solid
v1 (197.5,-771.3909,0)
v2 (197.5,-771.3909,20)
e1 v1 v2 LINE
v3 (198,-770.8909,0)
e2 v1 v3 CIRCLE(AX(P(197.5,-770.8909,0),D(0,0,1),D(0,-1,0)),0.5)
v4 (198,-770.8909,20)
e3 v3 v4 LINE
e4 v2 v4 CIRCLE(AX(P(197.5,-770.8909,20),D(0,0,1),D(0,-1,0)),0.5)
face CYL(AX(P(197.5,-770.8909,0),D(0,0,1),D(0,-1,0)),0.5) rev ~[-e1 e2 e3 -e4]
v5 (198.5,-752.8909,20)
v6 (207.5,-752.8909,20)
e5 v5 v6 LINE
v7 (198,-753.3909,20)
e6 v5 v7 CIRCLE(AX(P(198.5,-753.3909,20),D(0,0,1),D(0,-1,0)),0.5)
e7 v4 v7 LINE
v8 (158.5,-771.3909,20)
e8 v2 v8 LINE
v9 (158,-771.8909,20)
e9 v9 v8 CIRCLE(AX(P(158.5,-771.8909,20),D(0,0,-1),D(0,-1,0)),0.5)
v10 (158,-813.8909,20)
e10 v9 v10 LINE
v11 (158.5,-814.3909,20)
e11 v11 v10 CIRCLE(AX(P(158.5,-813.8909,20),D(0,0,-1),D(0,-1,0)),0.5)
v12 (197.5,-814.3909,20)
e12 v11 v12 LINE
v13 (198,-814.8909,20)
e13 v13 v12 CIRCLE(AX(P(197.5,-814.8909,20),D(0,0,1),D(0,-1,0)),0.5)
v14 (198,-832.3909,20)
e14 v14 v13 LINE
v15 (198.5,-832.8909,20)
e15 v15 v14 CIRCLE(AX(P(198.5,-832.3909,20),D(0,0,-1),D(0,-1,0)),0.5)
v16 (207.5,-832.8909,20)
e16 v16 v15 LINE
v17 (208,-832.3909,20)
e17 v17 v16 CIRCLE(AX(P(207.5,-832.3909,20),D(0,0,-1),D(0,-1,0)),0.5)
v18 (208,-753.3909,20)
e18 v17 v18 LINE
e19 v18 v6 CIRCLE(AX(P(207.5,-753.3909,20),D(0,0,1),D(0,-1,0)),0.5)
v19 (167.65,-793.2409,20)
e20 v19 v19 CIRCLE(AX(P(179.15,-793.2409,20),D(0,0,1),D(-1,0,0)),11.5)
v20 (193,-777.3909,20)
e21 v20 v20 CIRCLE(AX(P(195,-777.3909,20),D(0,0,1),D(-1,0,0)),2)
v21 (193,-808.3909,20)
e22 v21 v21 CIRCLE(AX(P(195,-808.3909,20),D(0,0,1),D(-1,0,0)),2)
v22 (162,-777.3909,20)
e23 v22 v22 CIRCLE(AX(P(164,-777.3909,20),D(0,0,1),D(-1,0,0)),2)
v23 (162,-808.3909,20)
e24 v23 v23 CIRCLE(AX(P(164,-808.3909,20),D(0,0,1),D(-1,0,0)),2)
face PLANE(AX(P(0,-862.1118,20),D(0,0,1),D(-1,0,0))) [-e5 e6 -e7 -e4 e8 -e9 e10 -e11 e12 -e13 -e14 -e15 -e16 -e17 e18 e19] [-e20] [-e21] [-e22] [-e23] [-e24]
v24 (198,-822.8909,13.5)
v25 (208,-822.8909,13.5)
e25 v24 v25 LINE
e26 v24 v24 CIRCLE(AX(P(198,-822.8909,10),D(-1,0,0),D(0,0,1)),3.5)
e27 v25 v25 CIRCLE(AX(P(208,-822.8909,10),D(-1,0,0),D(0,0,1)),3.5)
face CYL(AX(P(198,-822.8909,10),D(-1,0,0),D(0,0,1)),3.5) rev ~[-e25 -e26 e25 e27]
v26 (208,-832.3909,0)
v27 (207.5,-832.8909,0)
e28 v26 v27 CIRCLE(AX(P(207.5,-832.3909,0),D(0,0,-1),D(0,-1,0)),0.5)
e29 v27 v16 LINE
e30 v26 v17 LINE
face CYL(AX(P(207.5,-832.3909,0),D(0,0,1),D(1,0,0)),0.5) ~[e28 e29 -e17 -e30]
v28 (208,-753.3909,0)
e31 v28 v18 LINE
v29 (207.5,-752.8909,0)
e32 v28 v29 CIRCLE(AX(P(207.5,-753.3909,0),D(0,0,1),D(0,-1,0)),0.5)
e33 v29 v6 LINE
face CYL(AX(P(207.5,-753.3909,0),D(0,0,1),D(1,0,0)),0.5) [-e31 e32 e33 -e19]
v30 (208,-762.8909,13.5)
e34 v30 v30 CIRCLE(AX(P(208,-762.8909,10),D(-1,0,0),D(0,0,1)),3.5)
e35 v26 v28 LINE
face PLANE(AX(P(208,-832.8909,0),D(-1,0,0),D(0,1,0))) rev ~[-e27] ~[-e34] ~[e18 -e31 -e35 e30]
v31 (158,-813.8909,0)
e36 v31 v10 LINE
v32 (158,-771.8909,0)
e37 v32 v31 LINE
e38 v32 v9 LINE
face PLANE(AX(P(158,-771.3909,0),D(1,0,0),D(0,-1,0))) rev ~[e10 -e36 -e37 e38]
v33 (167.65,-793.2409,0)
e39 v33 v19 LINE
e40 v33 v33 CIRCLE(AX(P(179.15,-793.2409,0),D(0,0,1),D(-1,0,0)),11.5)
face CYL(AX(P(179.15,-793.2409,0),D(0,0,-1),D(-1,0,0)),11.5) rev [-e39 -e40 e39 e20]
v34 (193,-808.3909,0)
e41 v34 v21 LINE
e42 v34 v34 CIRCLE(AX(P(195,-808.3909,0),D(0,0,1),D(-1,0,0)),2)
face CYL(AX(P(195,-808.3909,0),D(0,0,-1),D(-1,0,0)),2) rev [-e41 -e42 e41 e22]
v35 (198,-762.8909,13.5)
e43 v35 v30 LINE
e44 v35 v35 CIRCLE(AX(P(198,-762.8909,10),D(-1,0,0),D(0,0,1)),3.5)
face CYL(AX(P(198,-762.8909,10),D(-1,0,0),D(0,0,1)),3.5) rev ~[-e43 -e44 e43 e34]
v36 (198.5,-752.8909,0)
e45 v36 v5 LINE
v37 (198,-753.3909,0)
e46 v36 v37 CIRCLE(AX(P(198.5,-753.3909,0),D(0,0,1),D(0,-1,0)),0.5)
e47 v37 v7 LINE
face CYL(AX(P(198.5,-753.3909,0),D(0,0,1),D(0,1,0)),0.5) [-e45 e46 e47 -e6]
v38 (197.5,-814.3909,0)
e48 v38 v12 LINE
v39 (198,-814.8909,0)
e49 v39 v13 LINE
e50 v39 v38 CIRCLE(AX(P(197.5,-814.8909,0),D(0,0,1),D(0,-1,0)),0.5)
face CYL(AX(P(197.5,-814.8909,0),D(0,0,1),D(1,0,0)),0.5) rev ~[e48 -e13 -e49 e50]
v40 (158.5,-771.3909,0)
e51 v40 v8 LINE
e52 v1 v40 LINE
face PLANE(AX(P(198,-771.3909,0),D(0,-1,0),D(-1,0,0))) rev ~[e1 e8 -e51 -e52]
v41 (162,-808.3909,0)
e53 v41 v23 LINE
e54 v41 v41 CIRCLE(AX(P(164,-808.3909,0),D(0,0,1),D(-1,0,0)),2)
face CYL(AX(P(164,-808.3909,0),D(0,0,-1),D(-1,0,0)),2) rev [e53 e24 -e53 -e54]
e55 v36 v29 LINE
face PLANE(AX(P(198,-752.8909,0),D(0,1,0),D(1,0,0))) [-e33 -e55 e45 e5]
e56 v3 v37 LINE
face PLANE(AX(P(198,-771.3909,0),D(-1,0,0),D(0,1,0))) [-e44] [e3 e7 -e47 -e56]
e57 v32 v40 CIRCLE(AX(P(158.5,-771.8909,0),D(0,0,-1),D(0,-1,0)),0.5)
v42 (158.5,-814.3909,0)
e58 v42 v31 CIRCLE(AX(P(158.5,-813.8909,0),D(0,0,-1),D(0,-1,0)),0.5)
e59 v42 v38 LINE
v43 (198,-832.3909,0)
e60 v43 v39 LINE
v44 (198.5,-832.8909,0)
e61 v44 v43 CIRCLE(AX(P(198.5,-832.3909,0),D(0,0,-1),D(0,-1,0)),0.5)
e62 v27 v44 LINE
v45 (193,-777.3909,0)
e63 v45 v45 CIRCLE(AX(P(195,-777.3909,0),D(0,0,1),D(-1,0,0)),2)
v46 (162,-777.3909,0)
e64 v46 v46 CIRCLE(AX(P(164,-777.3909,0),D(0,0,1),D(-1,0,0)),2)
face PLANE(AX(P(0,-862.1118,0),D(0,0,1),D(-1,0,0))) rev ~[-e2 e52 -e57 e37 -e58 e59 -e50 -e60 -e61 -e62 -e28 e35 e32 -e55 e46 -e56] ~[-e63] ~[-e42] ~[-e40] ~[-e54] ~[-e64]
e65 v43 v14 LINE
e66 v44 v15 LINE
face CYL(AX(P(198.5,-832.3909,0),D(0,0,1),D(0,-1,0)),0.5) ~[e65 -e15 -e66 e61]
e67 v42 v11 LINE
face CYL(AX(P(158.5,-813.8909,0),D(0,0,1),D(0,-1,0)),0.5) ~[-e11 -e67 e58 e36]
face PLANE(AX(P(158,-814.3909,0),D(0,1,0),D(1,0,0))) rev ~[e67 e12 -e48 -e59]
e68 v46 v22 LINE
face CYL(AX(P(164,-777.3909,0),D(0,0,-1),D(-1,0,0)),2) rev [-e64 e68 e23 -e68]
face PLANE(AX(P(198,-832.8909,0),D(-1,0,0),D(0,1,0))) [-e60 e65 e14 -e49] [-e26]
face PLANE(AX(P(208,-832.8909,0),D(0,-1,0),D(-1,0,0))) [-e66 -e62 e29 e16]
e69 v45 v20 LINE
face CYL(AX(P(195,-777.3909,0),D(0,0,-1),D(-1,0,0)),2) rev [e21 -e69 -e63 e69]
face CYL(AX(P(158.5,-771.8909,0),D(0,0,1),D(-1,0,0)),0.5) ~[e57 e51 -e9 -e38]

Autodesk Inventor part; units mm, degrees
ref_plane "YZ Plane" through (0, 0, 0) normal (1, 0, 0) x (0, 1, 0)
ref_plane "XZ Plane" through (0, 0, 0) normal (0, 1, 0) x (-1, 0, 0)
ref_plane "Work Plane1" through (0, -862.1118, 0) normal (0, 0, 1) x (-1, 0, 0)
sketch "Sketch1" plane through (0, -862.1118, 0) normal (0, 0, 1) x (-1, 0, 0)
  circle A0 centre (-188, -18) radius 4 projected
  line L0 (-220, -478) -> (-220, 22) projected
  line L1 (-220, -478) -> (-208, -478) projected
  line L2 (-208, 22) -> (-208, -478) projected
  line L3 (-220, 22) -> (-208, 22) projected
  line L4 (-208, -29.2209) -> (-198, -29.2209)
  line L5 (-198, -109.2209) -> (-208, -109.2209)
  line L6 (-208, -109.2209) -> (-208, -29.2209)
  line L7 (-158, -47.7209) -> (-198, -47.7209)
  line L8 (-198, -90.7209) -> (-158, -90.7209)
  line L9 (-158, -90.7209) -> (-158, -47.7209)
  circle A1 centre (-179.15, -68.8709) radius 11.5
  circle A2 centre (-164, -53.7209) radius 2
  circle A3 centre (-195, -53.7209) radius 2
  circle A4 centre (-195, -84.7209) radius 2
  circle A5 centre (-164, -84.7209) radius 2
  line L10 (-195, -84.7209) -> (-195, -53.7209) construction
  line L11 (-195, -84.7209) -> (-164, -84.7209) construction
  line L12 (-198, -29.2209) -> (-198, -47.7209)
  line L13 (-198, -90.7209) -> (-198, -109.2209)
  point P0 (0, -862.1118)
  dimension "d0" = 10
  dimension "d1" = 80
  dimension "d3" = 43
  dimension "d4" = 18.5
  dimension "d5" = 18.5
  dimension "d6" = 23
  dimension "d7" = 4
  dimension "d8" = 4
  dimension "d9" = 4
  dimension "d10" = 4
  dimension "d11" = 31
  dimension "d12" = 31
  dimension "d13" = 31
  dimension "d14" = 31
  dimension "d15" = 6
  dimension "d18" = 6
  dimension "d19" = 6
  dimension "d20" = 6
  dimension "d21" = 90
  dimension "d25" = 21.15
  dimension "d26" = 21.15
  dimension "d27" = 90
  dimension "d28" = 90
  dimension "d29" = 18.5
  dimension "d41" = 40
  dimension "d42" = 40
extrude "Tykkelse" add sketch "Sketch1" along normal blind 20 contours L2 L4 L12 L7 L9 L8 L13 L5
sketch "Sketch2" plane through (198, -832.8909, 0) normal (-1, 0, 0) x (0, 0, 1)
  line L0 (0, 0) -> (20, 0) projected
  line L1 (20, 18.5) -> (20, 0) projected
  line L2 (0, 80) -> (0, 61.5) projected
  line L3 (0, 61.5) -> (20, 61.5) projected
  line L4 (20, 80) -> (20, 61.5) projected
  line L5 (0, 80) -> (20, 80) projected
  circle A0 centre (10, 70) radius 3.5
  circle A1 centre (10, 10) radius 3.5
  point P0 (0, 832.8909)
  dimension "d32" = 7
  dimension "d33" = 7
  dimension "d34" = 10
  dimension "d35" = 10
  dimension "d36" = 10
  dimension "d37" = 10
extrude "Befæstelseshuller" cut sketch "Sketch2" against normal up to surface (10 mm away) contours A0 | A1
fillet "Fillet1" radius 0.5 8 edges at (198, -814.3909, 10) (198, -771.3909, 10) (158, -771.3909, 10) (158, -814.3909, 10) (198, -832.8909, 10) (208, -832.8909, 10) (198, -752.8909, 10) (208, -752.8909, 10)
equation "\"d4\" = d5"
equation "\"d8\" = d7"
equation "\"d9\" = d7"
equation "\"d10\" = d7"
equation "\"d13\" = d11"
equation "\"d14\" = d12"
equation "\"d15\" = d20"
equation "\"d18\" = d15"
equation "\"d19\" = d18"
equation "\"d42\" = d41"
properties part number "Stepper Holder X&Y_2" material "Aluminum 6061"
